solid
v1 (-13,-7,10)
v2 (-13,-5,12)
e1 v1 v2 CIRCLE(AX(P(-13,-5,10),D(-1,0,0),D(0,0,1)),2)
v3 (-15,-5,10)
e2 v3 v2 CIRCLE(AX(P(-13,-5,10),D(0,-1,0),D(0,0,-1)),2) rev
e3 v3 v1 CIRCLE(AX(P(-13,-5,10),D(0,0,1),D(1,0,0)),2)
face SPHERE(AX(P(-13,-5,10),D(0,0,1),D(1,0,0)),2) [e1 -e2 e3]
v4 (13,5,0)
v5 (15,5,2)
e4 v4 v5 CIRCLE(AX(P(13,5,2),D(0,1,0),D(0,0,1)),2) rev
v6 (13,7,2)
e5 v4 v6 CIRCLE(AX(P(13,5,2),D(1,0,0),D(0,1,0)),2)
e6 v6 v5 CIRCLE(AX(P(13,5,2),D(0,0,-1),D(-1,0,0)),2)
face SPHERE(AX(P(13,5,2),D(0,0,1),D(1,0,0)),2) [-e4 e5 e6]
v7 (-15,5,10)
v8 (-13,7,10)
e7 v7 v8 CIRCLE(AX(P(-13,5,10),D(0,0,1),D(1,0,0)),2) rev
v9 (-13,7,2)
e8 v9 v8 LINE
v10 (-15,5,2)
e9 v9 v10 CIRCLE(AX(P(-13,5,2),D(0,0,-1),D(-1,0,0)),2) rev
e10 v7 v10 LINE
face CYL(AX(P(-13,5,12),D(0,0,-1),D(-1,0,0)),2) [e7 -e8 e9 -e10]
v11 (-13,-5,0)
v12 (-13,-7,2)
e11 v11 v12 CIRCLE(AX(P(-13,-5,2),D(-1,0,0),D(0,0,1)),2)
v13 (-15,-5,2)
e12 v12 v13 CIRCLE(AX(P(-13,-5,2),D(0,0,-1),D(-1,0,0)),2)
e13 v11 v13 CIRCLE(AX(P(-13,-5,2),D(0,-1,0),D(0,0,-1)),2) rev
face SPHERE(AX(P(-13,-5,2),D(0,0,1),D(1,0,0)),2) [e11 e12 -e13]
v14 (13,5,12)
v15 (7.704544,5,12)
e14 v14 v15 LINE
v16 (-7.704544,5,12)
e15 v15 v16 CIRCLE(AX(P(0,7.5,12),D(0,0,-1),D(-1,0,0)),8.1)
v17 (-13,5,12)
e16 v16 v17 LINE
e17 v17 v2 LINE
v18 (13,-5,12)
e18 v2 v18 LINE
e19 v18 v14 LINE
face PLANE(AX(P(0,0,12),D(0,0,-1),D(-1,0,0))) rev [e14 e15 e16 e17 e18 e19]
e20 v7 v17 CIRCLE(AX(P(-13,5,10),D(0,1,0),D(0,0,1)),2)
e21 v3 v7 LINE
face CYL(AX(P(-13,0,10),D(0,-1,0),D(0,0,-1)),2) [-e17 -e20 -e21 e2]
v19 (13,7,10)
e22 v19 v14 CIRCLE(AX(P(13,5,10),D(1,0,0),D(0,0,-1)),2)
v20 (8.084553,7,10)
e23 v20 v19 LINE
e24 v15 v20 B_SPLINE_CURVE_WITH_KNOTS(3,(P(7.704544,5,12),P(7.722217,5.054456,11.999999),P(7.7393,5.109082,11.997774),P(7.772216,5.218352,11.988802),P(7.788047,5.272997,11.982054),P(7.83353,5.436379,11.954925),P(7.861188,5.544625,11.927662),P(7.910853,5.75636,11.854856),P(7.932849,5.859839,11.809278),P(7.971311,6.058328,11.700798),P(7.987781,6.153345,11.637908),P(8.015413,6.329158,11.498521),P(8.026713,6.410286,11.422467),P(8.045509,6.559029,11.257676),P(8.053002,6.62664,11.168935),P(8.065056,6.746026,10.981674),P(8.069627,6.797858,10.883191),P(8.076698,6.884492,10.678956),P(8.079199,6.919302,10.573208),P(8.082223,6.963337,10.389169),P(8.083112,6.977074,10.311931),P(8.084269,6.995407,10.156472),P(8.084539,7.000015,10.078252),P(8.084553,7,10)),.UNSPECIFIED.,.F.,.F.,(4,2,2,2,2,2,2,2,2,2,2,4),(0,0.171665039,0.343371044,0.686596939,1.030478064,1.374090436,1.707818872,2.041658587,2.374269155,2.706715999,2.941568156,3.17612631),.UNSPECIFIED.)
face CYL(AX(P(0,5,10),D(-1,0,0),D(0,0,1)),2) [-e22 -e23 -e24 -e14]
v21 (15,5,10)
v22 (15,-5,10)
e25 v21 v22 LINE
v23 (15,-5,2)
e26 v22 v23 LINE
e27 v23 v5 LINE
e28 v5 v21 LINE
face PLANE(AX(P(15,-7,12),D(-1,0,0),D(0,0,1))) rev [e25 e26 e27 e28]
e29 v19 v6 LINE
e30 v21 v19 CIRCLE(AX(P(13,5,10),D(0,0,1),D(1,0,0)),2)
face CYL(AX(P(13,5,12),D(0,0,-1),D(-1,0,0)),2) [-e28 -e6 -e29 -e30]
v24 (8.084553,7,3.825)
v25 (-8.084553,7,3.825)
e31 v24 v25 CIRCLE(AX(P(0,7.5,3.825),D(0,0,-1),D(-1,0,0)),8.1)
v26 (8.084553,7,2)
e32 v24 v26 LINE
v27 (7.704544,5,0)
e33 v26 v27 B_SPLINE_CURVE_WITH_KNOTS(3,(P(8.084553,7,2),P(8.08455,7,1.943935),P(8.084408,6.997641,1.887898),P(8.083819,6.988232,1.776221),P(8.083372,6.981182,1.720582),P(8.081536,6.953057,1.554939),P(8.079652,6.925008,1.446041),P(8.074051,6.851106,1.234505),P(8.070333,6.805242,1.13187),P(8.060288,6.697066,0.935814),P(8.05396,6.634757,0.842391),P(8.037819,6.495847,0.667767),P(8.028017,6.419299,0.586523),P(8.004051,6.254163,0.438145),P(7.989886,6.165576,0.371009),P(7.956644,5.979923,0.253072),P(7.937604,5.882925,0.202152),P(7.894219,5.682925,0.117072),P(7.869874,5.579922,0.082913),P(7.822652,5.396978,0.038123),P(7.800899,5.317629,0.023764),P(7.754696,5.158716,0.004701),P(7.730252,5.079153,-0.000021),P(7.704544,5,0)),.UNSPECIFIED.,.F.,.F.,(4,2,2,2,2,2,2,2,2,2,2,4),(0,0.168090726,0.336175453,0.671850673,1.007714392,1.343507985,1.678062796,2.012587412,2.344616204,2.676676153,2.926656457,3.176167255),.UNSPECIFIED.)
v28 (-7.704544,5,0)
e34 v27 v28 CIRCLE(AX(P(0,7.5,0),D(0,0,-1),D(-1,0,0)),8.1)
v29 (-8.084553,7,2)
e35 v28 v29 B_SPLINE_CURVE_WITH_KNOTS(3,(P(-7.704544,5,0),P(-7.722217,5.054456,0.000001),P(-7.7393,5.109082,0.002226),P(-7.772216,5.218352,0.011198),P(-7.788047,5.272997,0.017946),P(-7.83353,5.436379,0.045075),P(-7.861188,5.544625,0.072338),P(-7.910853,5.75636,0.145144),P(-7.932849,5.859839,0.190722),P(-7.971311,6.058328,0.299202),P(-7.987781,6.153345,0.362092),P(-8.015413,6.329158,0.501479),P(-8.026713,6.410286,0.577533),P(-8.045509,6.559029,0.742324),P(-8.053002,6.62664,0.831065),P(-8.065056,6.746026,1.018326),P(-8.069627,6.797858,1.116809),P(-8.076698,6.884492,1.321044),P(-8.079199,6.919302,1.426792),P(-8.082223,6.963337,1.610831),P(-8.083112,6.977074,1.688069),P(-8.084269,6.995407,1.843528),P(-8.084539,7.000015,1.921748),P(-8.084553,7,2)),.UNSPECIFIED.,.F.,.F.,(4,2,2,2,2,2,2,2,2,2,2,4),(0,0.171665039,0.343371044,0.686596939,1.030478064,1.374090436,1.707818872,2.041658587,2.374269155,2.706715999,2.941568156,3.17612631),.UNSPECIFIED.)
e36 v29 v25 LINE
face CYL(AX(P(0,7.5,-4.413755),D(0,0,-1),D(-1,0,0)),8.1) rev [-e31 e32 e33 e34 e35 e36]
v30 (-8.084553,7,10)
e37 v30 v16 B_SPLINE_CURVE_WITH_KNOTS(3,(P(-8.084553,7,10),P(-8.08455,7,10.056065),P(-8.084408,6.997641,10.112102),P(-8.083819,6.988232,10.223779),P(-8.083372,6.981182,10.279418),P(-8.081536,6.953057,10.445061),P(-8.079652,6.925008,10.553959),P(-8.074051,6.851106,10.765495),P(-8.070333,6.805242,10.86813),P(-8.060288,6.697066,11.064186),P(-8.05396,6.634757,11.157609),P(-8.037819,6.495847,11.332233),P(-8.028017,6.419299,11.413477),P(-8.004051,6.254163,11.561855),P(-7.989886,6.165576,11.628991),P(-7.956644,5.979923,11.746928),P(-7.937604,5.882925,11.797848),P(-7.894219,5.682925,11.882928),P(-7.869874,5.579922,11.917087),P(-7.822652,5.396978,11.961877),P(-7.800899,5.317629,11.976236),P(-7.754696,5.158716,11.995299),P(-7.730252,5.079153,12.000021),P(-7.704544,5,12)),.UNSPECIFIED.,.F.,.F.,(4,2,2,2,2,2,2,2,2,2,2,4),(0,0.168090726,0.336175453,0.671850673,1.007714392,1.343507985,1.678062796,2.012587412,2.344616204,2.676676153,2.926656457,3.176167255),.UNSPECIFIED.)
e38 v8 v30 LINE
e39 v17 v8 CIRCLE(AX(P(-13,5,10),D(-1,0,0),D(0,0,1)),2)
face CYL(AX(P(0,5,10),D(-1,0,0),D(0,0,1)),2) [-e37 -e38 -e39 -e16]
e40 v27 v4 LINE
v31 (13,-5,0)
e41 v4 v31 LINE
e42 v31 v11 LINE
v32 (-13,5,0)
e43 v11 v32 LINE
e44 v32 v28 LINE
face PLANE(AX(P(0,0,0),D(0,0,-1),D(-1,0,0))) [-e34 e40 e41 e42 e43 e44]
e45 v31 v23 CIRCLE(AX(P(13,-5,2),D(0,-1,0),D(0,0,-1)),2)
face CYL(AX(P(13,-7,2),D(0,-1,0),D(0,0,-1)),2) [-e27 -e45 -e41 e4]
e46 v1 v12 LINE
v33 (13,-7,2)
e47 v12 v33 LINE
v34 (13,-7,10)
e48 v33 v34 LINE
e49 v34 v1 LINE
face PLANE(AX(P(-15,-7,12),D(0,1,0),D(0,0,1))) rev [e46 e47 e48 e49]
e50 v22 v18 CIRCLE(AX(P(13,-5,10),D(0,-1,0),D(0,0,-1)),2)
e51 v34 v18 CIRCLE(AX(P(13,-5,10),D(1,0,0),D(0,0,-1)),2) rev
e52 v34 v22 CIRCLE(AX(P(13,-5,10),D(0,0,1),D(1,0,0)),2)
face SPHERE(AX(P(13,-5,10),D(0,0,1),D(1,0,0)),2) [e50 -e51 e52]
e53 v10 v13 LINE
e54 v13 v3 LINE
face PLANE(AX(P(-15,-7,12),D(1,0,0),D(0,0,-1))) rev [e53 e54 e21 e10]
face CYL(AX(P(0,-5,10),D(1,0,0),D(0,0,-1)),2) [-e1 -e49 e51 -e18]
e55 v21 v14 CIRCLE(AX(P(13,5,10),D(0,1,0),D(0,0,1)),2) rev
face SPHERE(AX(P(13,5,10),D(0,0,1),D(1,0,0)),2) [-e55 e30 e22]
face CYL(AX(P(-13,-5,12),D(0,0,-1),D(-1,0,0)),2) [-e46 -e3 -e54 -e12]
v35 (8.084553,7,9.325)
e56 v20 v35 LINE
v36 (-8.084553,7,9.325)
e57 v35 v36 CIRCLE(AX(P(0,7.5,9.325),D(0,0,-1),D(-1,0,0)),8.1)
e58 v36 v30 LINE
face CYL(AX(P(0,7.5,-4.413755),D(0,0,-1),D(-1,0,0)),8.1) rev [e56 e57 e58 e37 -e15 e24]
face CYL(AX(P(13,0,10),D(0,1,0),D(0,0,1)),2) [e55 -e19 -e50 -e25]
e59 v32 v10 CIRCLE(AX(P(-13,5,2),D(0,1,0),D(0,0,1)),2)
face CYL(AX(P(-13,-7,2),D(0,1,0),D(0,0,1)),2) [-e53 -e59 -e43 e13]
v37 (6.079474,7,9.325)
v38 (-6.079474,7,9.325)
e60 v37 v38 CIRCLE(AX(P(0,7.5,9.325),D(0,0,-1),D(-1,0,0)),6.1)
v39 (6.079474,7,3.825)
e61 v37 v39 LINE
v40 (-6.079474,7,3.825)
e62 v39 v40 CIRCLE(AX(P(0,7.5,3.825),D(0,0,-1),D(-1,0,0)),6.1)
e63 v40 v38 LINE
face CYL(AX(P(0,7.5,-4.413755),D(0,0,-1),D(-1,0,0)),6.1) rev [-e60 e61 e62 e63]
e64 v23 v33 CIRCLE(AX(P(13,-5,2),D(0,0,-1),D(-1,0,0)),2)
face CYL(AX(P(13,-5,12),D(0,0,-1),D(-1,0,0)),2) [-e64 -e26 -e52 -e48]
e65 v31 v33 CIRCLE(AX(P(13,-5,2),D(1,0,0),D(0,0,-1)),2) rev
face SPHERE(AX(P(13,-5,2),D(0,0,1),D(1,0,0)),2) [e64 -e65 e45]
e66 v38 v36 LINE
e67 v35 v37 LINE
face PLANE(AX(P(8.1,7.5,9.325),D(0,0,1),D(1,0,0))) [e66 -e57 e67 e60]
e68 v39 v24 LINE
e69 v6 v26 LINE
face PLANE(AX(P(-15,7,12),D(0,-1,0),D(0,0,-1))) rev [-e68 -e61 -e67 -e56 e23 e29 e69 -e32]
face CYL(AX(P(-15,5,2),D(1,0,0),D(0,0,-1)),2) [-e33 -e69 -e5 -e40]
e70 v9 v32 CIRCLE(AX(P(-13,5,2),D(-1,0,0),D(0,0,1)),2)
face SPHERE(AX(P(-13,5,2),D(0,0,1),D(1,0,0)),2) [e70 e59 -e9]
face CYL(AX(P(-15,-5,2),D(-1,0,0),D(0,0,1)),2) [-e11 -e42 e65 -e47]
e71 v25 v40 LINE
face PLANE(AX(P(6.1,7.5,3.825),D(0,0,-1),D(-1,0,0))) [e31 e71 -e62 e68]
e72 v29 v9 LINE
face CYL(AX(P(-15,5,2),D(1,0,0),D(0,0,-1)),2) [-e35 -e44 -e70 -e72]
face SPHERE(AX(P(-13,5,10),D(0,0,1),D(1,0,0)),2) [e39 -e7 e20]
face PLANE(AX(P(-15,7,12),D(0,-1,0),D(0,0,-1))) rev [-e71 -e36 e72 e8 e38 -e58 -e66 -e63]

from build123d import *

# Parameters (mm, degrees)
SKETCH_1_W      = 30
SKETCH_1_H      = 14
EXTRUDE_1_DEPTH = 12
FILLET_1_R      = 2


with BuildPart() as part:
    # Эскиз1 → Бобышка-Вытянуть1 (new body)
    with BuildSketch(Plane.XY):
        Rectangle(SKETCH_1_W, SKETCH_1_H)
    extrude(amount=EXTRUDE_1_DEPTH)

    # Эскиз2 → Вырез-Повернуть1 (revolve, cut)
    with BuildSketch(Plane(origin=(0, 7.5, 0), x_dir=(1, 0, 0), z_dir=(0, 1, 0))):
        Polygon((0, 0), (0, -12), (8.1, -12), (8.1, -9.325), (6.1, -9.325), (6.1, -3.825), (8.1, -3.825), (8.1, 0), align=None)
    revolve(axis=Axis((0, 7.5, -4.413755415), (0, 0, 1)), mode=Mode.SUBTRACT)

    # Скругление1
    fillet_1_edges = [part.edges().sort_by_distance(p)[0] for p in [
        (-15, 0, 12),
        (0, -7, 12),
        (-11.542276586, 7, 0),
        (-11.542276586, 7, 12),
        (15, 0, 12),
        (0, -7, 0),
        (-15, 0, 0),
        (11.542276586, 7, 0),
        (15, 0, 0),
        (11.542276586, 7, 12),
        (15, -7, 6),
        (-15, -7, 6),
        (-15, 7, 6),
        (15, 7, 6),
    ]]
    fillet(fillet_1_edges, radius=FILLET_1_R)


solid = part.part
